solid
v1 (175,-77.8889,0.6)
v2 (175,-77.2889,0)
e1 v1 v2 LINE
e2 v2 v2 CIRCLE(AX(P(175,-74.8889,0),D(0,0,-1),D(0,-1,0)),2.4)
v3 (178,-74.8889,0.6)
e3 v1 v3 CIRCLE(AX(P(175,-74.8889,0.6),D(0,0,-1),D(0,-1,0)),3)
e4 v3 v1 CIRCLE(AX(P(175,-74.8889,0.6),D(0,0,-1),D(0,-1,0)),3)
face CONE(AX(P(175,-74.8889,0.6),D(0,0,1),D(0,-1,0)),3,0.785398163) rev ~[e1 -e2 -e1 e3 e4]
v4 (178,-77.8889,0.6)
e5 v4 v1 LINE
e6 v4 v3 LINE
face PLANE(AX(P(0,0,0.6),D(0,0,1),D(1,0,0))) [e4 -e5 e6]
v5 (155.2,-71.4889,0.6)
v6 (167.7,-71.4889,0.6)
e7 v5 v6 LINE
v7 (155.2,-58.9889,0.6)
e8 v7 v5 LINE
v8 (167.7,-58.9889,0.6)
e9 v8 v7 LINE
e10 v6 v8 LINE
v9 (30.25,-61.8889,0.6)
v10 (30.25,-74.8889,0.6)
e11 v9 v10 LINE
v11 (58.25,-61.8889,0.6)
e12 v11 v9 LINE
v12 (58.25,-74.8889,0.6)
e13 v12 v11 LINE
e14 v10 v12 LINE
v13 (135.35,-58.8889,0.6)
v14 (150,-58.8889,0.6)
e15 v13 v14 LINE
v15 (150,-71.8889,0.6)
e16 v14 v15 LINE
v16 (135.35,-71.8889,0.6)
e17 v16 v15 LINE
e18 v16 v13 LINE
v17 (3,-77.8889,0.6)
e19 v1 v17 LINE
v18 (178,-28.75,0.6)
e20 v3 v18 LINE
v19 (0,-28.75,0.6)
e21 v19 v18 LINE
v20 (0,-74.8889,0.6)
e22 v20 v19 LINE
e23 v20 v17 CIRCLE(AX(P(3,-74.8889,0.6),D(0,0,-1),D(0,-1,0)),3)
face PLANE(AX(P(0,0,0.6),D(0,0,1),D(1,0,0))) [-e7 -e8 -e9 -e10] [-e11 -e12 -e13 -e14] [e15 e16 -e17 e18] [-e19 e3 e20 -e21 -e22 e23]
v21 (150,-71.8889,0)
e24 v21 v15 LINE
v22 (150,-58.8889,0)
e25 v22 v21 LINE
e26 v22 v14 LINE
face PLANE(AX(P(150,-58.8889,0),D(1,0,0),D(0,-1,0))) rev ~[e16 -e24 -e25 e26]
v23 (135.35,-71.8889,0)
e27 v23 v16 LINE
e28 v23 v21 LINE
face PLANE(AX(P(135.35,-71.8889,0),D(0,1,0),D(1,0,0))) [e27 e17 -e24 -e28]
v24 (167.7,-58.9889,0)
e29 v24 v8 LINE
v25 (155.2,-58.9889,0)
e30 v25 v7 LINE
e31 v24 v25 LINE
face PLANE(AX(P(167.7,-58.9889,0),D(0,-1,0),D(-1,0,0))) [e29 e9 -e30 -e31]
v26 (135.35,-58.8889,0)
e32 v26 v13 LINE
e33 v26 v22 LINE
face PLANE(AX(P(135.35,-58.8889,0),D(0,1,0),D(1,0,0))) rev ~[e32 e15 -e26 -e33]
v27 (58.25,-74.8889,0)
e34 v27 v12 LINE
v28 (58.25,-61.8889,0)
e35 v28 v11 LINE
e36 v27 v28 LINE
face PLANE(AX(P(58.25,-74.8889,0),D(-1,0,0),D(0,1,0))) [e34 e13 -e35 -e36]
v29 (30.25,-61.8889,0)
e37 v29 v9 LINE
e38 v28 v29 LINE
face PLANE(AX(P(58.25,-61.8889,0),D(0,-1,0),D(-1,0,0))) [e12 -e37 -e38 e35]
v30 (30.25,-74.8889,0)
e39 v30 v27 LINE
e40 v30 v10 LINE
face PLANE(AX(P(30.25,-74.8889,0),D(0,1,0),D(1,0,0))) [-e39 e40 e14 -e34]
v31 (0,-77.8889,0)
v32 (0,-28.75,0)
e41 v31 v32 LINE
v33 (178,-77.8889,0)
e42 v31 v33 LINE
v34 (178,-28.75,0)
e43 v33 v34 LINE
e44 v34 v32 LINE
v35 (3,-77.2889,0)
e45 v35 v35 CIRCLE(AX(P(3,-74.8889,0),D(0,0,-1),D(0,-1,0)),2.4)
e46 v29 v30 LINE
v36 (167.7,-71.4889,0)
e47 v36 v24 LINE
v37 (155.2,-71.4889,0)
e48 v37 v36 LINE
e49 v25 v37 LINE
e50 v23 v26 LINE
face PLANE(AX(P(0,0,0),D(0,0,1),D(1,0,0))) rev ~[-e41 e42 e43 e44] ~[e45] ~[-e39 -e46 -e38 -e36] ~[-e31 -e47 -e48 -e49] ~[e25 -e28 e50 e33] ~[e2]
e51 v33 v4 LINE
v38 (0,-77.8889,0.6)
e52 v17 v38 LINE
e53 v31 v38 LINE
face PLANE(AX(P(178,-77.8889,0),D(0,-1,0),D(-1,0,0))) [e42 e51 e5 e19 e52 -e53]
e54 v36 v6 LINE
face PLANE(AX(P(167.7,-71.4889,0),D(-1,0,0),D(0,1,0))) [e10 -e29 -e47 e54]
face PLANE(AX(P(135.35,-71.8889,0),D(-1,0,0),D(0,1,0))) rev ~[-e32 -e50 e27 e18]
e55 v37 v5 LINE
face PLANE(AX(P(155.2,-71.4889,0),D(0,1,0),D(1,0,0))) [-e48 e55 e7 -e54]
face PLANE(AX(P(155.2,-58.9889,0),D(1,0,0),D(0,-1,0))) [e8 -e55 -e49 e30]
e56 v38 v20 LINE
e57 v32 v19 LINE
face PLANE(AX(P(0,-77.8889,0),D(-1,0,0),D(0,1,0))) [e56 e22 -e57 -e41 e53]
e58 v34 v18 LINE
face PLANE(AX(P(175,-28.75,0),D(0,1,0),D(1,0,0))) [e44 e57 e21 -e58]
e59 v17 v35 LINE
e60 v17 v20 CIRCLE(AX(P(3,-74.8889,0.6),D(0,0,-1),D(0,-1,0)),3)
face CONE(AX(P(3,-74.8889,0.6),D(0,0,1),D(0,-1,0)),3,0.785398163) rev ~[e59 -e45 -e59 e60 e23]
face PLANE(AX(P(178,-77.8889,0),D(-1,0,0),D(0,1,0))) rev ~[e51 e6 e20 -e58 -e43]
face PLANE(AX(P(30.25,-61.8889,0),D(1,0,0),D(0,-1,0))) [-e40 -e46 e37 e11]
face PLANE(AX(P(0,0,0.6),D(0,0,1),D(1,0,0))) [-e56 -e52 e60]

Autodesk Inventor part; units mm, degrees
ref_plane "YZ Plane" through (0, 0, 0) normal (1, 0, 0) x (0, 1, 0)
ref_plane "XZ Plane" through (0, 0, 0) normal (0, 1, 0) x (-1, 0, 0)
ref_plane "XY Plane" through (0, 0, 0) normal (0, 0, 1) x (1, 0, 0)
ref_plane "Work Plane1" through (0, 0, 0) normal (0, 0, 1) x (1, 0, 0)
sketch "Sketch1" plane through (0, 0, 0) normal (0, 0, 1) x (1, 0, 0)
  line L0 (84.5, 12.4325) -> (84.5, -11.5675) projected
  line L1 (84.5, -11.5675) -> (72.5, -11.5675) projected
  line L2 (72.5, -11.5675) -> (72.5, 4.5875) projected
  circle A0 centre (69.5, 4.5875) radius 3 projected
  line L3 (72.5, 4.5875) -> (72.5, 12.4325) projected
  line L4 (72.5, 12.4325) -> (84.5, 12.4325) projected
  arc A1 (105.5, 4.2836) -> (105.5, 4.8914) centre (108.4846, 4.5875) ccw projected
  line L5 (105.5, 4.2836) -> (105.5, -11.5675) projected
  line L6 (105.5, -11.5675) -> (93.5, -11.5675) projected
  line L7 (93.5, -11.5675) -> (93.5, 12.4325) projected
  line L8 (93.5, 12.4325) -> (105.5, 12.4325) projected
  line L9 (105.5, 12.4325) -> (105.5, 4.8914) projected
  circle A2 centre (108.4462, 27.5) radius 3 projected
  circle A3 centre (69.5, 27.5) radius 3 projected
  circle A4 centre (89, 0.9661) radius 3 projected
  circle A5 centre (89, 29.5) radius 3 projected
  arc A6 (175, 0) -> (178, -3) centre (175, -3) ccw projected
  line L10 (175, 0) -> (115.0397, 0) projected
  line L11 (65.5, 33.8) -> (65.5, 0) projected
  line L12 (65.5, 0) -> (65.1397, 0) projected
  arc A7 (0, -3) -> (3, 0) centre (3, -3) ccw projected
  line L13 (0, -3) -> (0, -25.75) projected
  arc A8 (3, -28.75) -> (0, -25.75) centre (3, -25.75) ccw projected
  line L14 (3, -28.75) -> (62.9603, -28.75) projected
  arc A9 (178, -25.75) -> (175, -28.75) centre (175, -25.75) ccw projected
  line L15 (178, -25.75) -> (178, -3) projected
  circle A10 centre (3, -25.75) radius 2.3 projected
  circle A11 centre (3, -3) radius 2.3 projected
  circle A12 centre (3, -74.8889) radius 2.3 projected
  line L16 (0, 0) -> (6, 0) projected
  line L17 (0, -77.8889) -> (0, 0) projected
  line L18 (0, -77.8889) -> (6, -77.8889) projected
  line L19 (6, -71.8889) -> (6, -77.8889) projected
  line L20 (6, -71.8889) -> (1.6, -71.8889) projected
  line L21 (1.6, -71.8889) -> (1.6, -56.7889) projected
  line L22 (1.6, -56.7889) -> (3, -56.7889) projected
  line L23 (3, -28.75) -> (3, -56.7889) projected
  line L24 (3, -28.75) -> (6, -28.75) projected
  line L25 (6, -28.75) -> (6, -22.75) projected
  line L26 (6, -22.75) -> (3, -22.75) projected
  line L27 (3, -6) -> (3, -22.75) projected
  line L28 (3, -6) -> (6, -6) projected
  line L29 (6, -6) -> (6, 0) projected
  circle A13 centre (175, -3) radius 2.3 projected
  circle A14 centre (175, -25.75) radius 2.3 projected
  line L30 (175, -28.75) -> (175, -71.8889) projected
  line L31 (175, -6) -> (175, -22.75) projected
  line L32 (175, -71.8889) -> (172, -71.8889) projected
  line L33 (172, -71.8889) -> (172, -77.8889) projected
  line L34 (178, -77.8889) -> (172, -77.8889) projected
  line L35 (178, -77.8889) -> (178, 0) projected
  line L36 (178, 0) -> (172, 0) projected
  line L37 (172, 0) -> (172, -6) projected
  line L38 (172, -6) -> (175, -6) projected
  line L39 (175, -22.75) -> (172, -22.75) projected
  line L40 (172, -22.75) -> (172, -28.75) projected
  line L41 (172, -28.75) -> (175, -28.75) projected
  circle A15 centre (175, -74.8889) radius 2.3 projected
  line L42 (156.2, -70.4889) -> (156.2, -59.9889) projected
  line L43 (166.7, -59.9889) -> (156.2, -59.9889) projected
  line L44 (166.7, -59.9889) -> (166.7, -70.4889) projected
  line L45 (156.2, -70.4889) -> (166.7, -70.4889) projected
  line L46 (149, -59.8889) -> (149, -70.8889) projected
  line L47 (149, -70.8889) -> (136.35, -70.8889) projected
  line L48 (136.35, -70.8889) -> (136.35, -59.8889) projected
  line L49 (136.35, -59.8889) -> (149, -59.8889) projected
  line L50 (135, -53.8889) -> (135, -71.8889) projected
  line L51 (135, -71.8889) -> (175, -71.8889) projected
  line L52 (175, -71.8889) -> (175, -53.8889) projected
  line L53 (175, -53.8889) -> (135, -53.8889) projected
  circle A16 centre (137.85, -56.7389) radius 1.5 projected
  circle A17 centre (172.15, -56.7389) radius 1.5 projected
  line L54 (31.25, -62.8889) -> (31.25, -73.8889) projected
  line L55 (31.25, -73.8889) -> (57.25, -73.8889) projected
  line L56 (57.25, -73.8889) -> (57.25, -62.8889) projected
  line L57 (57.25, -62.8889) -> (31.25, -62.8889) projected
  line L58 (3, -56.7889) -> (23.3, -56.7889) projected
  line L59 (23.3, -56.7889) -> (23.3, -59.8889) projected
  line L60 (23.3, -59.8889) -> (23.3, -65.1889) projected
  line L61 (3, -71.8889) -> (23.3, -71.8889) projected
  line L62 (23.3, -61.8889) -> (23.3, -74.8889) projected
  line L63 (30.25, -61.8889) -> (30.25, -74.8889)
  line L64 (30.25, -74.8889) -> (58.25, -74.8889)
  line L65 (58.25, -74.8889) -> (58.25, -61.8889)
  line L66 (58.25, -61.8889) -> (30.25, -61.8889)
  line L67 (150, -58.8889) -> (150, -71.8889)
  line L68 (150, -71.8889) -> (135.35, -71.8889)
  line L69 (135.35, -71.8889) -> (135.35, -58.8889)
  line L70 (135.35, -58.8889) -> (150, -58.8889)
  line L71 (155.2, -58.9889) -> (155.2, -71.4889)
  line L72 (155.2, -71.4889) -> (167.7, -71.4889)
  line L73 (167.7, -71.4889) -> (167.7, -58.9889)
  line L74 (167.7, -58.9889) -> (155.2, -58.9889)
  line L75 (0, -28.75) -> (178, -28.75)
  line L76 (178, -28.75) -> (178, -77.8889)
  line L77 (178, -77.8889) -> (0, -77.8889)
  line L78 (0, -77.8889) -> (0, -28.75)
  line L79 (131.125, -21.1625) -> (131.125, -7.525) projected
  arc A18 (134.125, -4.525) -> (131.125, -7.525) centre (134.125, -7.525) ccw projected
  line L80 (134.125, -4.525) -> (155.95, -4.525) projected
  arc A19 (158.95, -7.525) -> (155.95, -4.525) centre (155.95, -7.525) ccw projected
  line L81 (158.95, -7.525) -> (158.95, -21.1625) projected
  arc A20 (155.95, -24.1625) -> (158.95, -21.1625) centre (155.95, -21.1625) ccw projected
  line L82 (155.95, -24.1625) -> (134.125, -24.1625) projected
  arc A21 (131.125, -21.1625) -> (134.125, -24.1625) centre (134.125, -21.1625) ccw projected
  line L83 (46.875, -7.5875) -> (46.875, -21.225) projected
  arc A22 (43.875, -24.225) -> (46.875, -21.225) centre (43.875, -21.225) ccw projected
  line L84 (43.875, -24.225) -> (22.05, -24.225) projected
  arc A23 (19.05, -21.225) -> (22.05, -24.225) centre (22.05, -21.225) ccw projected
  line L85 (19.05, -21.225) -> (19.05, -7.5875) projected
  arc A24 (22.05, -4.5875) -> (19.05, -7.5875) centre (22.05, -7.5875) ccw projected
  line L86 (22.05, -4.5875) -> (43.875, -4.5875) projected
  arc A25 (46.875, -7.5875) -> (43.875, -4.5875) centre (43.875, -7.5875) ccw projected
  line L87 (112.5, 0) -> (112.5, 33.8) projected
  line L88 (112.5, 33.8) -> (65.5, 33.8) projected
  arc A26 (115.0397, -28.75) -> (112.8603, -28.75) centre (113.95, -26.5) ccw projected
  line L89 (115.0397, -28.75) -> (175, -28.75) projected
  arc A27 (112.8603, 0) -> (115.0397, 0) centre (113.95, -2.25) ccw projected
  line L90 (112.8603, 0) -> (112.5, 0) projected
  arc A28 (62.9603, 0) -> (65.1397, 0) centre (64.05, -2.25) ccw projected
  line L91 (62.9603, 0) -> (3, 0) projected
  arc A29 (65.1397, -28.75) -> (62.9603, -28.75) centre (64.05, -26.5) ccw projected
  line L92 (65.1397, -28.75) -> (112.8603, -28.75) projected
  point P0 (168.4, -53.8889)
  point P1 (135.35, -71.8889)
  point P2 (6, -25.75)
  point P3 (3, -28.75)
  dimension "d0" = 1
  dimension "d1" = 1
  dimension "d2" = 1
extrude "Extrusion1" add sketch "Sketch1" along normal blind 0.6 contours L35 L34 L33 L32 L30 L75 | L30 L53 L50 L51 L33 L77 L19 L61 L62 L60 L59 L58 L23 L14 L75 L41 | L30 L32 L51 L67 L70 L69 L50 L53 | L18 L17 L75 L23 L22 L21 L20 L19 | L20 L21 L22 L58 L59 L60 L62 L61 | A12 | A15 | A16 | A17
sketch "Sketch2" plane through (0, 0, 0.6) normal (0, 0, 1) x (1, 0, 0)
  circle A0 centre (3, -25.75) radius 2.3 projected
  circle A1 centre (3, -3) radius 2.3 projected
  circle A2 centre (3, -74.8889) radius 2.3 projected
  line L0 (0, 0) -> (6, 0) projected
  line L1 (0, -77.8889) -> (0, 0) projected
  line L2 (0, -77.8889) -> (6, -77.8889) projected
  line L3 (6, -71.8889) -> (6, -77.8889) projected
  line L4 (6, -71.8889) -> (1.6, -71.8889) projected
  line L5 (1.6, -71.8889) -> (1.6, -56.7889) projected
  line L6 (1.6, -56.7889) -> (3, -56.7889) projected
  line L7 (3, -28.75) -> (3, -56.7889) projected
  line L8 (3, -28.75) -> (6, -28.75) projected
  line L9 (6, -28.75) -> (6, -22.75) projected
  line L10 (6, -22.75) -> (3, -22.75) projected
  line L11 (3, -6) -> (3, -22.75) projected
  line L12 (3, -6) -> (6, -6) projected
  line L13 (6, -6) -> (6, 0) projected
  circle A3 centre (175, -3) radius 2.3 projected
  circle A4 centre (175, -25.75) radius 2.3 projected
  line L14 (175, -28.75) -> (175, -71.8889) projected
  line L15 (175, -6) -> (175, -22.75) projected
  line L16 (175, -71.8889) -> (172, -71.8889) projected
  line L17 (172, -71.8889) -> (172, -77.8889) projected
  line L18 (178, -77.8889) -> (172, -77.8889) projected
  line L19 (178, -77.8889) -> (178, 0) projected
  line L20 (178, 0) -> (172, 0) projected
  line L21 (172, 0) -> (172, -6) projected
  line L22 (172, -6) -> (175, -6) projected
  line L23 (175, -22.75) -> (172, -22.75) projected
  line L24 (172, -22.75) -> (172, -28.75) projected
  line L25 (172, -28.75) -> (175, -28.75) projected
  circle A5 centre (175, -74.8889) radius 2.3 projected
hole "Hole1" at (3, -74.8889, 0.6) at (175, -74.8889, 0.6) direction (0, 0, -1) diameter 3.6 end through all countersink diameter 6 countersink angle 90 clearance for "Countersunk Flat Head Screw ISO 2009/7046" size "M3" standard "ISO"
properties part number "ceil_front" material "ABS Plastic"
